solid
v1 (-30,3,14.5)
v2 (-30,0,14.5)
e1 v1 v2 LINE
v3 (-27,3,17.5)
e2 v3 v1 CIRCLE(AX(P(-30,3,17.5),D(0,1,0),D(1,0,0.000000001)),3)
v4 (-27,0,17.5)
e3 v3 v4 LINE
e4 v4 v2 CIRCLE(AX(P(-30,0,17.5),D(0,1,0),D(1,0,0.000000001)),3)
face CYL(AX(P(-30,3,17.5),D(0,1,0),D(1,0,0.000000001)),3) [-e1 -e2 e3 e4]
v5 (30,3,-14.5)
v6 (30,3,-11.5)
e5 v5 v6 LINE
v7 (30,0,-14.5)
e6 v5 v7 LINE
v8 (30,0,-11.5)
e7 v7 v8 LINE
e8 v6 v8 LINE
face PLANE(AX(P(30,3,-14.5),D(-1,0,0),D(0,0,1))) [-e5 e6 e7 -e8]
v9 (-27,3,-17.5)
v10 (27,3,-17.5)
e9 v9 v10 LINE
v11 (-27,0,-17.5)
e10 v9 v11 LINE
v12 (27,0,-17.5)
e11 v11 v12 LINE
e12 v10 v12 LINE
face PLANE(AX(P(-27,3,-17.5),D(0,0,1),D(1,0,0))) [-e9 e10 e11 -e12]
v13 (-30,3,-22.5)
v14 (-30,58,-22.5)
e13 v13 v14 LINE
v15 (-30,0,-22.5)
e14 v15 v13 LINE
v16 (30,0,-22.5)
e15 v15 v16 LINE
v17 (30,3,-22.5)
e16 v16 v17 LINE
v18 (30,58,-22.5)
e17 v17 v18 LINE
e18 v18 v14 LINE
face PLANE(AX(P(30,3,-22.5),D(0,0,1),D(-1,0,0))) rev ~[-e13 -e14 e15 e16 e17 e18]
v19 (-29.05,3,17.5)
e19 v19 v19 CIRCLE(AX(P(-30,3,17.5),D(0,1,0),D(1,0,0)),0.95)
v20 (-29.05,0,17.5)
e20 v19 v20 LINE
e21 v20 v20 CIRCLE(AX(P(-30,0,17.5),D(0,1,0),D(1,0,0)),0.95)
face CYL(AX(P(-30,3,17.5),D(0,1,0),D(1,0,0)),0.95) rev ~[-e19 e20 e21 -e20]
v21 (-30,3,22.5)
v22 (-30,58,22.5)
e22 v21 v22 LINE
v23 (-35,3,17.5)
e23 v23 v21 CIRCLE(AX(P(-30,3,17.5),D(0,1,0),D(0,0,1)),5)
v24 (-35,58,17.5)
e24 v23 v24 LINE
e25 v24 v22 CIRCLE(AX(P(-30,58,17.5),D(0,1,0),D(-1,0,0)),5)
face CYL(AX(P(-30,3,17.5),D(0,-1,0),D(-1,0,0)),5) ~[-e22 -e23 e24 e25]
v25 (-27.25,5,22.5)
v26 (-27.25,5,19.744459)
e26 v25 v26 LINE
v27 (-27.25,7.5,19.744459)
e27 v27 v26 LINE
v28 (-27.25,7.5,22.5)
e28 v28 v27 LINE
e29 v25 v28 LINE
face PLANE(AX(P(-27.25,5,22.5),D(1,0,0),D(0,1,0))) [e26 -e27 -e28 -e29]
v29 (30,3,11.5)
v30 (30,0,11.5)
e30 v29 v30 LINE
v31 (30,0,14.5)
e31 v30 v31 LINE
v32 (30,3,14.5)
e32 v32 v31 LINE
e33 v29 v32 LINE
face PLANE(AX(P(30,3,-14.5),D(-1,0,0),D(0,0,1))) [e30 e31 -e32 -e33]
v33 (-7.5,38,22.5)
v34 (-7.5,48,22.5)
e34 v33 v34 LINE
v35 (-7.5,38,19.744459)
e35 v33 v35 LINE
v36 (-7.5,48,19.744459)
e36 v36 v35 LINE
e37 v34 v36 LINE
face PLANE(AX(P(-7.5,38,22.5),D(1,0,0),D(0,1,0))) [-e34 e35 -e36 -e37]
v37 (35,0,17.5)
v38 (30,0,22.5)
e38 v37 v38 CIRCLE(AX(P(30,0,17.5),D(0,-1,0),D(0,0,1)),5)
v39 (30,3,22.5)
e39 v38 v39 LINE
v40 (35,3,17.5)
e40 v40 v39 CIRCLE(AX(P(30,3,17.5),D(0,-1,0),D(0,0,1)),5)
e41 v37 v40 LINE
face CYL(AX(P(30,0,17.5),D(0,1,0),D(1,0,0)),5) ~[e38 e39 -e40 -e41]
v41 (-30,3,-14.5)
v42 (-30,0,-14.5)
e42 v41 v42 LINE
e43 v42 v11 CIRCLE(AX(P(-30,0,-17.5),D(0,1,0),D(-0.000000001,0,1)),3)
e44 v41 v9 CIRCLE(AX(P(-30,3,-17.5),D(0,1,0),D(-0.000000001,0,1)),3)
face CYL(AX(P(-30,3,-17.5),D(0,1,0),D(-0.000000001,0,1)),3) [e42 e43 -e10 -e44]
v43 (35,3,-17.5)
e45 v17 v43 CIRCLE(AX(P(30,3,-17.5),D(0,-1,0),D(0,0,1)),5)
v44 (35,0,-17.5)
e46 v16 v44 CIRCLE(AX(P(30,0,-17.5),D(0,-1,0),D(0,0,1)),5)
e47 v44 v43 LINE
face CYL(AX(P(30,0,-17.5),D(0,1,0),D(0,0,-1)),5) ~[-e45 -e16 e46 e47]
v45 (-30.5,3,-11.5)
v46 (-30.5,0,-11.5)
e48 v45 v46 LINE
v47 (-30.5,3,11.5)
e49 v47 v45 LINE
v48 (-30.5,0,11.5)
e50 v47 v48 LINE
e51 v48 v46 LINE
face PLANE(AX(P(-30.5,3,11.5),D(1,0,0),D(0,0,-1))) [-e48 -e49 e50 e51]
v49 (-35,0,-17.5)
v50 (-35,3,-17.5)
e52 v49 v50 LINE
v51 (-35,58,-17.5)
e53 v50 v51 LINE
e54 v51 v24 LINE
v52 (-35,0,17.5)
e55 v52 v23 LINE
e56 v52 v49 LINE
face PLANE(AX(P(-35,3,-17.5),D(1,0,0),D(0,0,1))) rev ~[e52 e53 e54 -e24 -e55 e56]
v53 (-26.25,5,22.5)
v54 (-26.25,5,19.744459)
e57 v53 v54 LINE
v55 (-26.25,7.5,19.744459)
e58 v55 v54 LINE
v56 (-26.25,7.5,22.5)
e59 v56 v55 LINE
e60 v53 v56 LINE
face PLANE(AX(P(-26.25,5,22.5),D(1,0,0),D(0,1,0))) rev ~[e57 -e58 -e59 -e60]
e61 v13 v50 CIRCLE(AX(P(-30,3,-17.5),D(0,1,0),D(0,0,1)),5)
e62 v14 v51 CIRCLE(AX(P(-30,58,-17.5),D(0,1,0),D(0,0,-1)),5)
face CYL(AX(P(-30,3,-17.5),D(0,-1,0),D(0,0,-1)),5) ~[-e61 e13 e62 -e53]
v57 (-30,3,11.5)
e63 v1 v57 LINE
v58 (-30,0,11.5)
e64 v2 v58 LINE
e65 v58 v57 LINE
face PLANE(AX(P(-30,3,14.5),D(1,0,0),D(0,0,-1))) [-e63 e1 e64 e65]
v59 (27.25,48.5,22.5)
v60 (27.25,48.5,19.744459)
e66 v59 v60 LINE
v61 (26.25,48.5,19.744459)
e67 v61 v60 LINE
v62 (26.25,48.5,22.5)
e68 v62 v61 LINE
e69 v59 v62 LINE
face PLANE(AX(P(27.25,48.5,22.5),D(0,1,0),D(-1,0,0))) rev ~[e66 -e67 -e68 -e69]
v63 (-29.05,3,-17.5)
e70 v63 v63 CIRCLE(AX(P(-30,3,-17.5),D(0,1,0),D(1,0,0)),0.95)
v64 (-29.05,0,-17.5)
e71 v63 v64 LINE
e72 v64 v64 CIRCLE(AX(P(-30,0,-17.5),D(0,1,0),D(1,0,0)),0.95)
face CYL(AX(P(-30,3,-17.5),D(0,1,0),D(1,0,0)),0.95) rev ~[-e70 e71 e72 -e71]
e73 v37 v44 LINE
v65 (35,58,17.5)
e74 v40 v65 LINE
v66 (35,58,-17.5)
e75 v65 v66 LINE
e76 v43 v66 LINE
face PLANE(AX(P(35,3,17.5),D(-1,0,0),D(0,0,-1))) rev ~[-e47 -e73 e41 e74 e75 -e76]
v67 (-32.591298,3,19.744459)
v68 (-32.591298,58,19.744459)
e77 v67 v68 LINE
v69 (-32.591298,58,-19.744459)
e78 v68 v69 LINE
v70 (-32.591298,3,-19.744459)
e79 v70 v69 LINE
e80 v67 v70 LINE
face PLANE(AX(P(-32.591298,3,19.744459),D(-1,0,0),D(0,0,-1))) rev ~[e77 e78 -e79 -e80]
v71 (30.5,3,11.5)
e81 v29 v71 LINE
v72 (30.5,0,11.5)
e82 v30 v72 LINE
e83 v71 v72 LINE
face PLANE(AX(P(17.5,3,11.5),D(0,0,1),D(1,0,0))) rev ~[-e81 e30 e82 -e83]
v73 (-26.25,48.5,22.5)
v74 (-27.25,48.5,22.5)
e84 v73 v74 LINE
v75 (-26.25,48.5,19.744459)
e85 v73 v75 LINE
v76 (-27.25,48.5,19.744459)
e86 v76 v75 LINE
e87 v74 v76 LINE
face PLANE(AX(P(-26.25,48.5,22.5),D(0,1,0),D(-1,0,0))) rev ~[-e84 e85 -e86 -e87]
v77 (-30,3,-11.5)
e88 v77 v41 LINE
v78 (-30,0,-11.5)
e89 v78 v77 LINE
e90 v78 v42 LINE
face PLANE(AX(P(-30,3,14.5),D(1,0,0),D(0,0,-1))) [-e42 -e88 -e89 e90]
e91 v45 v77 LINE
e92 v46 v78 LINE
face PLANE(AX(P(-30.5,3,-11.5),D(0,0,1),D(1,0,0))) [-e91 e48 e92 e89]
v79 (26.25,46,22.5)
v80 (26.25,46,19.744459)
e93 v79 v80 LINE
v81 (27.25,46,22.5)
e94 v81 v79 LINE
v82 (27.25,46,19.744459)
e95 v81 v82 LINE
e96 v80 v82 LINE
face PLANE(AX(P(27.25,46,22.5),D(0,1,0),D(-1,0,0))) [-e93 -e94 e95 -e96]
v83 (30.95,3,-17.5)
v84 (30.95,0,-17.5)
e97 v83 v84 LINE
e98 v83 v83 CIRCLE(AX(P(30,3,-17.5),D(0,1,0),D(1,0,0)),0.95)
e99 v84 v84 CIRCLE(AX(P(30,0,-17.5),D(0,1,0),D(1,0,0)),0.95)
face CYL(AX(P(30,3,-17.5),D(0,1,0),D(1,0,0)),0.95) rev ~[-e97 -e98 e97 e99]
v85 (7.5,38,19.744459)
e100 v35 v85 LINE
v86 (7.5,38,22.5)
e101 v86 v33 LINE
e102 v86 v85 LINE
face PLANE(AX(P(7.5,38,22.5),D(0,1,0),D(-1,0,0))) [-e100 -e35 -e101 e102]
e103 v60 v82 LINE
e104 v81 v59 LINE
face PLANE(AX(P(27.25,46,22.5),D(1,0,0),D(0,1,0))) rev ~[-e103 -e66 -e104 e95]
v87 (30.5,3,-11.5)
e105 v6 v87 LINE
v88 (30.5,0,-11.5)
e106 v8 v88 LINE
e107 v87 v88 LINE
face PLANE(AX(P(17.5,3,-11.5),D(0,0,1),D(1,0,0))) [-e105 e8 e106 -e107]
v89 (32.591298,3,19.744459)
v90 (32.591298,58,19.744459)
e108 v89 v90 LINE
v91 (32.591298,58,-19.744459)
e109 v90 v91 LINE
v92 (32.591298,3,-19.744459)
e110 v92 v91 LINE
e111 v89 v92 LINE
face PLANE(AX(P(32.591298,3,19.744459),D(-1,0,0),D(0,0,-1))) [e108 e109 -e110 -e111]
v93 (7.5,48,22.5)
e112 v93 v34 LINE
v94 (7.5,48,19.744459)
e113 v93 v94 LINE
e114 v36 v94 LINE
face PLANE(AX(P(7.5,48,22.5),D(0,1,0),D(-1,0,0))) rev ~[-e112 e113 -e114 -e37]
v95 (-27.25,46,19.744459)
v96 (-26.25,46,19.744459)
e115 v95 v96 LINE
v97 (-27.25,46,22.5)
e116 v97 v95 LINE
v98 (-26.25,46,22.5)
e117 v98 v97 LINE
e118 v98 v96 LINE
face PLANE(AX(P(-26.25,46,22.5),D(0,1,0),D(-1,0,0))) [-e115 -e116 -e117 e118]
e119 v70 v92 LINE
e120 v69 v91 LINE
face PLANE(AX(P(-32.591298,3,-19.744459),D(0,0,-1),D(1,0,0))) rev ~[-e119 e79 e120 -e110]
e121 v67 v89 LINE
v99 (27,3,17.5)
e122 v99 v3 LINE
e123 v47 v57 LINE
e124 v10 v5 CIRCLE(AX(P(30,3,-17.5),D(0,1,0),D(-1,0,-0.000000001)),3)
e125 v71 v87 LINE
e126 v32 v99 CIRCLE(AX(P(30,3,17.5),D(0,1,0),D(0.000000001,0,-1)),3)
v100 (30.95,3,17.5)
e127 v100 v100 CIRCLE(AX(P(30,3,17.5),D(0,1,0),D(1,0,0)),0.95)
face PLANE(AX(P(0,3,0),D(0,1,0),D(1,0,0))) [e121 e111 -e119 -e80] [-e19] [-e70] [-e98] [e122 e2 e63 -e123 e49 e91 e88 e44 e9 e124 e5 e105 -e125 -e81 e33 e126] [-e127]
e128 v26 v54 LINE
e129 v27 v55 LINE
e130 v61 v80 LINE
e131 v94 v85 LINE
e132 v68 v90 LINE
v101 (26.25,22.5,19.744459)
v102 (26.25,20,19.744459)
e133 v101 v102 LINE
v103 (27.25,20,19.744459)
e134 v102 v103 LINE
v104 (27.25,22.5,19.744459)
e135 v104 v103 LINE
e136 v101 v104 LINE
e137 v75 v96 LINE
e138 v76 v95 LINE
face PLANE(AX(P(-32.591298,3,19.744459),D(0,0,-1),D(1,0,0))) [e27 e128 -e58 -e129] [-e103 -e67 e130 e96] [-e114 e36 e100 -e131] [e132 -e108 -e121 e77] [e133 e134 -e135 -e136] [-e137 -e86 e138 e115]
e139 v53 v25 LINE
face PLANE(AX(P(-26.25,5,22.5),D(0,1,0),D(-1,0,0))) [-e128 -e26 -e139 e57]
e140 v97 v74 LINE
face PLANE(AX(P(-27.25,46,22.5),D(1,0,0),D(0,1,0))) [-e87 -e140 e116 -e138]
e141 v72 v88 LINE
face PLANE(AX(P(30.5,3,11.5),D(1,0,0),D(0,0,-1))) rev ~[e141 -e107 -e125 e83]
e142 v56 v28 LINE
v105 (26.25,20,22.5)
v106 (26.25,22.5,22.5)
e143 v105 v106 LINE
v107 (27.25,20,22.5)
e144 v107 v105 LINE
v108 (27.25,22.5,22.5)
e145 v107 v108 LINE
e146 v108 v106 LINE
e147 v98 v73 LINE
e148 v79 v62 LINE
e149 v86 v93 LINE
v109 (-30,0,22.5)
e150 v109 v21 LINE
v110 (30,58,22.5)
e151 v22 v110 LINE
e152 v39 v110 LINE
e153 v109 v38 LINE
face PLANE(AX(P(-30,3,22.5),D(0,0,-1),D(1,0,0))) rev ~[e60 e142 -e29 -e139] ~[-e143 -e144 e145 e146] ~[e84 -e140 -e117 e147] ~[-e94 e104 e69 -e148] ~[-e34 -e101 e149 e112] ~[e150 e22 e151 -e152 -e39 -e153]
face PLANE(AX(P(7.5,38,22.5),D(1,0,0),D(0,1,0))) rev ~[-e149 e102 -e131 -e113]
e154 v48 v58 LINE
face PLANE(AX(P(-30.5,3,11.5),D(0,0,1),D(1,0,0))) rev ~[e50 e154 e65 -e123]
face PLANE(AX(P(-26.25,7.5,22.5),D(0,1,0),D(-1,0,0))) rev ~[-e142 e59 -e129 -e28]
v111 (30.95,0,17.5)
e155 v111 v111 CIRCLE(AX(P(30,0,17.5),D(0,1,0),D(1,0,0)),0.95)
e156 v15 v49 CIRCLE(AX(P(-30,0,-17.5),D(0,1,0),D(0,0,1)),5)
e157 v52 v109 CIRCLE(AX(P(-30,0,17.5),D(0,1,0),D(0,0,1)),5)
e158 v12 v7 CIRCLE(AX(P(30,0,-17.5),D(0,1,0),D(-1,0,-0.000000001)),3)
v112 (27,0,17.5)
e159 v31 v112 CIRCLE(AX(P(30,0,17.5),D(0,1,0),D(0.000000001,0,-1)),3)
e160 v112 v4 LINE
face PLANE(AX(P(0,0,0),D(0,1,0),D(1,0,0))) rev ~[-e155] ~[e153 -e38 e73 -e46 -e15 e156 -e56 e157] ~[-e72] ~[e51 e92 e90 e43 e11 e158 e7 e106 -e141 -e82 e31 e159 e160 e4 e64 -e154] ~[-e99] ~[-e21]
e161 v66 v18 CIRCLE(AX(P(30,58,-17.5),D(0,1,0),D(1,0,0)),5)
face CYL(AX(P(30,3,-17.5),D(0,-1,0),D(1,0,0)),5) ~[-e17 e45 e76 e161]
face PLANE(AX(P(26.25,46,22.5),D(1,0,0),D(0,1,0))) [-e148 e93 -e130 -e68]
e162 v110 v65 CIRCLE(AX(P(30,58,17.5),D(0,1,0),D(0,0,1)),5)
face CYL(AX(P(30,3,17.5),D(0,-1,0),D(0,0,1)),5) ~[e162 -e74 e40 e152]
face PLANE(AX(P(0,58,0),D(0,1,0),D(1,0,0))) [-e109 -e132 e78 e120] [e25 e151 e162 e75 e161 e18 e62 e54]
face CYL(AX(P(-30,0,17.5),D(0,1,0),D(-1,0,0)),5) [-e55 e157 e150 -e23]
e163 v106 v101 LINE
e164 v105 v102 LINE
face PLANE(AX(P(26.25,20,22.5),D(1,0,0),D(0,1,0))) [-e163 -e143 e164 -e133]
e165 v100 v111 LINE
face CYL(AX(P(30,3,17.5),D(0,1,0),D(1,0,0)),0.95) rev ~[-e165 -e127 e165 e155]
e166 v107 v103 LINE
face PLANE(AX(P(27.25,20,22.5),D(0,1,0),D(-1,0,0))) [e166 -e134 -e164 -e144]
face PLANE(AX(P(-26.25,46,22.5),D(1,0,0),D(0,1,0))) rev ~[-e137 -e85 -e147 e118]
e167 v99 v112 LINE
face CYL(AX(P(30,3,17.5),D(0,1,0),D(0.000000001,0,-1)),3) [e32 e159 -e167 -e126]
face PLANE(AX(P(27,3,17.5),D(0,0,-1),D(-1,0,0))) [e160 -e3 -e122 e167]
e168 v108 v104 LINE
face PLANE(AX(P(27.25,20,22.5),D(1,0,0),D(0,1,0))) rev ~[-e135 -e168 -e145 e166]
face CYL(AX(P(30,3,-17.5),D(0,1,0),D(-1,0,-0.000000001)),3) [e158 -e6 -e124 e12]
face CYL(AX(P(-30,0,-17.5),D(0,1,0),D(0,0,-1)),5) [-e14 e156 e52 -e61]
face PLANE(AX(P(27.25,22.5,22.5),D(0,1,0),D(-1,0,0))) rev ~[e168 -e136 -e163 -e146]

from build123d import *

# Parameters (mm, degrees)
SKETCH_1_W          = 70
SKETCH_1_H          = 45
EXTRUDE_1_DEPTH     = 3
SKETCH_2_W          = 13
SKETCH_2_H          = 23
CUT_EXTRUDE_1_DEPTH = 10
SKETCH_3_R          = 0.95
CUT_EXTRUDE_2_DEPTH = 10
FILLET_1_R          = 5
FILLET_2_R          = 5
SKETCH_4_R          = 0.95
CUT_EXTRUDE_3_DEPTH = 10
CUT_EXTRUDE_4_DEPTH = 10
SKETCH_9_W          = 65.182596022
SKETCH_9_H          = 39.488918008
EXTRUDE_2_DEPTH     = 55
SKETCH_10_W         = 1
SKETCH_10_H         = 2.5
SKETCH_10_W_2       = 15
SKETCH_10_H_2       = 10
CUT_EXTRUDE_5_DEPTH = 7


with BuildPart() as part:
    # 草图1 → 凸台-拉伸1 (new body)
    with BuildSketch(Plane(origin=(0, 0, 0), x_dir=(1, 0, 0), z_dir=(0, 1, 0))):
        Rectangle(SKETCH_1_W, SKETCH_1_H)
    extrude(amount=EXTRUDE_1_DEPTH)

    # 草图2 → 切除-拉伸1 (cut)
    with BuildSketch(Plane(origin=(0, 3, 0), x_dir=(1, 0, 0), z_dir=(0, 1, 0))):
        with Locations((24, 0)):
            Rectangle(SKETCH_2_W, SKETCH_2_H)
        with Locations((-24, 0)):
            Rectangle(SKETCH_2_W, SKETCH_2_H)
    extrude(amount=-CUT_EXTRUDE_1_DEPTH, mode=Mode.SUBTRACT)

    # 草图3 → 切除-拉伸2 (cut)
    with BuildSketch(Plane(origin=(0, 3, 0), x_dir=(1, 0, 0), z_dir=(0, 1, 0))):
        with Locations((-24, 14)):
            Circle(SKETCH_3_R)
        with Locations((-24, -14)):
            Circle(SKETCH_3_R)
        with Locations((24, 14)):
            Circle(SKETCH_3_R)
        with Locations((24, -14)):
            Circle(SKETCH_3_R)
    extrude(amount=-CUT_EXTRUDE_2_DEPTH, mode=Mode.SUBTRACT)

    # 圆角1
    fillet_1_edges = [part.edges().sort_by_distance(p)[0] for p in [
        (35, 1.5, -22.5),
    ]]
    fillet(fillet_1_edges, radius=FILLET_1_R)

    # 圆角2
    fillet_2_edges = [part.edges().sort_by_distance(p)[0] for p in [
        (35, 1.5, 22.5),
        (-35, 1.5, 22.5),
        (-35, 1.5, -22.5),
    ]]
    fillet(fillet_2_edges, radius=FILLET_2_R)

    # 草图4 → 切除-拉伸3 (cut)
    with BuildSketch(Plane(origin=(0, 3, 0), x_dir=(1, 0, 0), z_dir=(0, 1, 0))):
        with Locations((-30, 17.5)):
            Circle(SKETCH_4_R)
        with Locations((30, 17.5)):
            Circle(SKETCH_4_R)
        with Locations((-30, -17.5)):
            Circle(SKETCH_4_R)
        with Locations((30, -17.5)):
            Circle(SKETCH_4_R)
    extrude(amount=-CUT_EXTRUDE_3_DEPTH, mode=Mode.SUBTRACT)

    # 草图8 → 切除-拉伸4 (cut)
    with BuildSketch(Plane(origin=(0, 3, 0), x_dir=(1, 0, 0), z_dir=(0, 1, 0))):
        with BuildLine():
            Line((-27, 17.5), (27, 17.5))
            ThreePointArc((27, 17.5), (27.878679656, 15.378679656), (30, 14.5))
            Line((30, 14.5), (30, -14.5))
            ThreePointArc((30, -14.5), (27.878679656, -15.378679656), (27, -17.5))
            Line((27, -17.5), (-27, -17.5))
            ThreePointArc((-27, -17.5), (-27.878679656, -15.378679656), (-30, -14.5))
            Line((-30, -14.5), (-30, 14.5))
            ThreePointArc((-30, 14.5), (-27.878679656, 15.378679656), (-27, 17.5))
        make_face()
    extrude(amount=-CUT_EXTRUDE_4_DEPTH, mode=Mode.SUBTRACT)

    # 草图9 → 凸台-拉伸2 (add)
    with BuildSketch(Plane(origin=(0, 3, 0), x_dir=(1, 0, 0), z_dir=(0, 1, 0))):
        with BuildLine():
            Line((-30, -22.5), (30, -22.5))
            ThreePointArc((30, -22.5), (33.535533906, -21.035533906), (35, -17.5))
            Line((35, -17.5), (35, 17.5))
            ThreePointArc((35, 17.5), (33.535533906, 21.035533906), (30, 22.5))
            Line((30, 22.5), (-30, 22.5))
            ThreePointArc((-30, 22.5), (-33.535533906, 21.035533906), (-35, 17.5))
            Line((-35, 17.5), (-35, -17.5))
            ThreePointArc((-35, -17.5), (-33.535533906, -21.035533906), (-30, -22.5))
        make_face()
        Rectangle(SKETCH_9_W, SKETCH_9_H, mode=Mode.SUBTRACT)
    extrude(amount=EXTRUDE_2_DEPTH)

    # 草图10 → 切除-拉伸5 (cut)
    with BuildSketch(Plane(origin=(0, 0, 22.5), x_dir=(-1, 0, 0), z_dir=(0, 0, -1))):
        with Locations((26.75, 6.25)):
            Rectangle(SKETCH_10_W, SKETCH_10_H)
        with Locations((26.75, 47.25)):
            Rectangle(SKETCH_10_W, SKETCH_10_H)
        with Locations((-26.75, 21.25)):
            Rectangle(SKETCH_10_W, SKETCH_10_H)
        with Locations((-26.75, 47.25)):
            Rectangle(SKETCH_10_W, SKETCH_10_H)
        with Locations((0, 43)):
            Rectangle(SKETCH_10_W_2, SKETCH_10_H_2)
    extrude(amount=CUT_EXTRUDE_5_DEPTH, mode=Mode.SUBTRACT)


solid = part.part
